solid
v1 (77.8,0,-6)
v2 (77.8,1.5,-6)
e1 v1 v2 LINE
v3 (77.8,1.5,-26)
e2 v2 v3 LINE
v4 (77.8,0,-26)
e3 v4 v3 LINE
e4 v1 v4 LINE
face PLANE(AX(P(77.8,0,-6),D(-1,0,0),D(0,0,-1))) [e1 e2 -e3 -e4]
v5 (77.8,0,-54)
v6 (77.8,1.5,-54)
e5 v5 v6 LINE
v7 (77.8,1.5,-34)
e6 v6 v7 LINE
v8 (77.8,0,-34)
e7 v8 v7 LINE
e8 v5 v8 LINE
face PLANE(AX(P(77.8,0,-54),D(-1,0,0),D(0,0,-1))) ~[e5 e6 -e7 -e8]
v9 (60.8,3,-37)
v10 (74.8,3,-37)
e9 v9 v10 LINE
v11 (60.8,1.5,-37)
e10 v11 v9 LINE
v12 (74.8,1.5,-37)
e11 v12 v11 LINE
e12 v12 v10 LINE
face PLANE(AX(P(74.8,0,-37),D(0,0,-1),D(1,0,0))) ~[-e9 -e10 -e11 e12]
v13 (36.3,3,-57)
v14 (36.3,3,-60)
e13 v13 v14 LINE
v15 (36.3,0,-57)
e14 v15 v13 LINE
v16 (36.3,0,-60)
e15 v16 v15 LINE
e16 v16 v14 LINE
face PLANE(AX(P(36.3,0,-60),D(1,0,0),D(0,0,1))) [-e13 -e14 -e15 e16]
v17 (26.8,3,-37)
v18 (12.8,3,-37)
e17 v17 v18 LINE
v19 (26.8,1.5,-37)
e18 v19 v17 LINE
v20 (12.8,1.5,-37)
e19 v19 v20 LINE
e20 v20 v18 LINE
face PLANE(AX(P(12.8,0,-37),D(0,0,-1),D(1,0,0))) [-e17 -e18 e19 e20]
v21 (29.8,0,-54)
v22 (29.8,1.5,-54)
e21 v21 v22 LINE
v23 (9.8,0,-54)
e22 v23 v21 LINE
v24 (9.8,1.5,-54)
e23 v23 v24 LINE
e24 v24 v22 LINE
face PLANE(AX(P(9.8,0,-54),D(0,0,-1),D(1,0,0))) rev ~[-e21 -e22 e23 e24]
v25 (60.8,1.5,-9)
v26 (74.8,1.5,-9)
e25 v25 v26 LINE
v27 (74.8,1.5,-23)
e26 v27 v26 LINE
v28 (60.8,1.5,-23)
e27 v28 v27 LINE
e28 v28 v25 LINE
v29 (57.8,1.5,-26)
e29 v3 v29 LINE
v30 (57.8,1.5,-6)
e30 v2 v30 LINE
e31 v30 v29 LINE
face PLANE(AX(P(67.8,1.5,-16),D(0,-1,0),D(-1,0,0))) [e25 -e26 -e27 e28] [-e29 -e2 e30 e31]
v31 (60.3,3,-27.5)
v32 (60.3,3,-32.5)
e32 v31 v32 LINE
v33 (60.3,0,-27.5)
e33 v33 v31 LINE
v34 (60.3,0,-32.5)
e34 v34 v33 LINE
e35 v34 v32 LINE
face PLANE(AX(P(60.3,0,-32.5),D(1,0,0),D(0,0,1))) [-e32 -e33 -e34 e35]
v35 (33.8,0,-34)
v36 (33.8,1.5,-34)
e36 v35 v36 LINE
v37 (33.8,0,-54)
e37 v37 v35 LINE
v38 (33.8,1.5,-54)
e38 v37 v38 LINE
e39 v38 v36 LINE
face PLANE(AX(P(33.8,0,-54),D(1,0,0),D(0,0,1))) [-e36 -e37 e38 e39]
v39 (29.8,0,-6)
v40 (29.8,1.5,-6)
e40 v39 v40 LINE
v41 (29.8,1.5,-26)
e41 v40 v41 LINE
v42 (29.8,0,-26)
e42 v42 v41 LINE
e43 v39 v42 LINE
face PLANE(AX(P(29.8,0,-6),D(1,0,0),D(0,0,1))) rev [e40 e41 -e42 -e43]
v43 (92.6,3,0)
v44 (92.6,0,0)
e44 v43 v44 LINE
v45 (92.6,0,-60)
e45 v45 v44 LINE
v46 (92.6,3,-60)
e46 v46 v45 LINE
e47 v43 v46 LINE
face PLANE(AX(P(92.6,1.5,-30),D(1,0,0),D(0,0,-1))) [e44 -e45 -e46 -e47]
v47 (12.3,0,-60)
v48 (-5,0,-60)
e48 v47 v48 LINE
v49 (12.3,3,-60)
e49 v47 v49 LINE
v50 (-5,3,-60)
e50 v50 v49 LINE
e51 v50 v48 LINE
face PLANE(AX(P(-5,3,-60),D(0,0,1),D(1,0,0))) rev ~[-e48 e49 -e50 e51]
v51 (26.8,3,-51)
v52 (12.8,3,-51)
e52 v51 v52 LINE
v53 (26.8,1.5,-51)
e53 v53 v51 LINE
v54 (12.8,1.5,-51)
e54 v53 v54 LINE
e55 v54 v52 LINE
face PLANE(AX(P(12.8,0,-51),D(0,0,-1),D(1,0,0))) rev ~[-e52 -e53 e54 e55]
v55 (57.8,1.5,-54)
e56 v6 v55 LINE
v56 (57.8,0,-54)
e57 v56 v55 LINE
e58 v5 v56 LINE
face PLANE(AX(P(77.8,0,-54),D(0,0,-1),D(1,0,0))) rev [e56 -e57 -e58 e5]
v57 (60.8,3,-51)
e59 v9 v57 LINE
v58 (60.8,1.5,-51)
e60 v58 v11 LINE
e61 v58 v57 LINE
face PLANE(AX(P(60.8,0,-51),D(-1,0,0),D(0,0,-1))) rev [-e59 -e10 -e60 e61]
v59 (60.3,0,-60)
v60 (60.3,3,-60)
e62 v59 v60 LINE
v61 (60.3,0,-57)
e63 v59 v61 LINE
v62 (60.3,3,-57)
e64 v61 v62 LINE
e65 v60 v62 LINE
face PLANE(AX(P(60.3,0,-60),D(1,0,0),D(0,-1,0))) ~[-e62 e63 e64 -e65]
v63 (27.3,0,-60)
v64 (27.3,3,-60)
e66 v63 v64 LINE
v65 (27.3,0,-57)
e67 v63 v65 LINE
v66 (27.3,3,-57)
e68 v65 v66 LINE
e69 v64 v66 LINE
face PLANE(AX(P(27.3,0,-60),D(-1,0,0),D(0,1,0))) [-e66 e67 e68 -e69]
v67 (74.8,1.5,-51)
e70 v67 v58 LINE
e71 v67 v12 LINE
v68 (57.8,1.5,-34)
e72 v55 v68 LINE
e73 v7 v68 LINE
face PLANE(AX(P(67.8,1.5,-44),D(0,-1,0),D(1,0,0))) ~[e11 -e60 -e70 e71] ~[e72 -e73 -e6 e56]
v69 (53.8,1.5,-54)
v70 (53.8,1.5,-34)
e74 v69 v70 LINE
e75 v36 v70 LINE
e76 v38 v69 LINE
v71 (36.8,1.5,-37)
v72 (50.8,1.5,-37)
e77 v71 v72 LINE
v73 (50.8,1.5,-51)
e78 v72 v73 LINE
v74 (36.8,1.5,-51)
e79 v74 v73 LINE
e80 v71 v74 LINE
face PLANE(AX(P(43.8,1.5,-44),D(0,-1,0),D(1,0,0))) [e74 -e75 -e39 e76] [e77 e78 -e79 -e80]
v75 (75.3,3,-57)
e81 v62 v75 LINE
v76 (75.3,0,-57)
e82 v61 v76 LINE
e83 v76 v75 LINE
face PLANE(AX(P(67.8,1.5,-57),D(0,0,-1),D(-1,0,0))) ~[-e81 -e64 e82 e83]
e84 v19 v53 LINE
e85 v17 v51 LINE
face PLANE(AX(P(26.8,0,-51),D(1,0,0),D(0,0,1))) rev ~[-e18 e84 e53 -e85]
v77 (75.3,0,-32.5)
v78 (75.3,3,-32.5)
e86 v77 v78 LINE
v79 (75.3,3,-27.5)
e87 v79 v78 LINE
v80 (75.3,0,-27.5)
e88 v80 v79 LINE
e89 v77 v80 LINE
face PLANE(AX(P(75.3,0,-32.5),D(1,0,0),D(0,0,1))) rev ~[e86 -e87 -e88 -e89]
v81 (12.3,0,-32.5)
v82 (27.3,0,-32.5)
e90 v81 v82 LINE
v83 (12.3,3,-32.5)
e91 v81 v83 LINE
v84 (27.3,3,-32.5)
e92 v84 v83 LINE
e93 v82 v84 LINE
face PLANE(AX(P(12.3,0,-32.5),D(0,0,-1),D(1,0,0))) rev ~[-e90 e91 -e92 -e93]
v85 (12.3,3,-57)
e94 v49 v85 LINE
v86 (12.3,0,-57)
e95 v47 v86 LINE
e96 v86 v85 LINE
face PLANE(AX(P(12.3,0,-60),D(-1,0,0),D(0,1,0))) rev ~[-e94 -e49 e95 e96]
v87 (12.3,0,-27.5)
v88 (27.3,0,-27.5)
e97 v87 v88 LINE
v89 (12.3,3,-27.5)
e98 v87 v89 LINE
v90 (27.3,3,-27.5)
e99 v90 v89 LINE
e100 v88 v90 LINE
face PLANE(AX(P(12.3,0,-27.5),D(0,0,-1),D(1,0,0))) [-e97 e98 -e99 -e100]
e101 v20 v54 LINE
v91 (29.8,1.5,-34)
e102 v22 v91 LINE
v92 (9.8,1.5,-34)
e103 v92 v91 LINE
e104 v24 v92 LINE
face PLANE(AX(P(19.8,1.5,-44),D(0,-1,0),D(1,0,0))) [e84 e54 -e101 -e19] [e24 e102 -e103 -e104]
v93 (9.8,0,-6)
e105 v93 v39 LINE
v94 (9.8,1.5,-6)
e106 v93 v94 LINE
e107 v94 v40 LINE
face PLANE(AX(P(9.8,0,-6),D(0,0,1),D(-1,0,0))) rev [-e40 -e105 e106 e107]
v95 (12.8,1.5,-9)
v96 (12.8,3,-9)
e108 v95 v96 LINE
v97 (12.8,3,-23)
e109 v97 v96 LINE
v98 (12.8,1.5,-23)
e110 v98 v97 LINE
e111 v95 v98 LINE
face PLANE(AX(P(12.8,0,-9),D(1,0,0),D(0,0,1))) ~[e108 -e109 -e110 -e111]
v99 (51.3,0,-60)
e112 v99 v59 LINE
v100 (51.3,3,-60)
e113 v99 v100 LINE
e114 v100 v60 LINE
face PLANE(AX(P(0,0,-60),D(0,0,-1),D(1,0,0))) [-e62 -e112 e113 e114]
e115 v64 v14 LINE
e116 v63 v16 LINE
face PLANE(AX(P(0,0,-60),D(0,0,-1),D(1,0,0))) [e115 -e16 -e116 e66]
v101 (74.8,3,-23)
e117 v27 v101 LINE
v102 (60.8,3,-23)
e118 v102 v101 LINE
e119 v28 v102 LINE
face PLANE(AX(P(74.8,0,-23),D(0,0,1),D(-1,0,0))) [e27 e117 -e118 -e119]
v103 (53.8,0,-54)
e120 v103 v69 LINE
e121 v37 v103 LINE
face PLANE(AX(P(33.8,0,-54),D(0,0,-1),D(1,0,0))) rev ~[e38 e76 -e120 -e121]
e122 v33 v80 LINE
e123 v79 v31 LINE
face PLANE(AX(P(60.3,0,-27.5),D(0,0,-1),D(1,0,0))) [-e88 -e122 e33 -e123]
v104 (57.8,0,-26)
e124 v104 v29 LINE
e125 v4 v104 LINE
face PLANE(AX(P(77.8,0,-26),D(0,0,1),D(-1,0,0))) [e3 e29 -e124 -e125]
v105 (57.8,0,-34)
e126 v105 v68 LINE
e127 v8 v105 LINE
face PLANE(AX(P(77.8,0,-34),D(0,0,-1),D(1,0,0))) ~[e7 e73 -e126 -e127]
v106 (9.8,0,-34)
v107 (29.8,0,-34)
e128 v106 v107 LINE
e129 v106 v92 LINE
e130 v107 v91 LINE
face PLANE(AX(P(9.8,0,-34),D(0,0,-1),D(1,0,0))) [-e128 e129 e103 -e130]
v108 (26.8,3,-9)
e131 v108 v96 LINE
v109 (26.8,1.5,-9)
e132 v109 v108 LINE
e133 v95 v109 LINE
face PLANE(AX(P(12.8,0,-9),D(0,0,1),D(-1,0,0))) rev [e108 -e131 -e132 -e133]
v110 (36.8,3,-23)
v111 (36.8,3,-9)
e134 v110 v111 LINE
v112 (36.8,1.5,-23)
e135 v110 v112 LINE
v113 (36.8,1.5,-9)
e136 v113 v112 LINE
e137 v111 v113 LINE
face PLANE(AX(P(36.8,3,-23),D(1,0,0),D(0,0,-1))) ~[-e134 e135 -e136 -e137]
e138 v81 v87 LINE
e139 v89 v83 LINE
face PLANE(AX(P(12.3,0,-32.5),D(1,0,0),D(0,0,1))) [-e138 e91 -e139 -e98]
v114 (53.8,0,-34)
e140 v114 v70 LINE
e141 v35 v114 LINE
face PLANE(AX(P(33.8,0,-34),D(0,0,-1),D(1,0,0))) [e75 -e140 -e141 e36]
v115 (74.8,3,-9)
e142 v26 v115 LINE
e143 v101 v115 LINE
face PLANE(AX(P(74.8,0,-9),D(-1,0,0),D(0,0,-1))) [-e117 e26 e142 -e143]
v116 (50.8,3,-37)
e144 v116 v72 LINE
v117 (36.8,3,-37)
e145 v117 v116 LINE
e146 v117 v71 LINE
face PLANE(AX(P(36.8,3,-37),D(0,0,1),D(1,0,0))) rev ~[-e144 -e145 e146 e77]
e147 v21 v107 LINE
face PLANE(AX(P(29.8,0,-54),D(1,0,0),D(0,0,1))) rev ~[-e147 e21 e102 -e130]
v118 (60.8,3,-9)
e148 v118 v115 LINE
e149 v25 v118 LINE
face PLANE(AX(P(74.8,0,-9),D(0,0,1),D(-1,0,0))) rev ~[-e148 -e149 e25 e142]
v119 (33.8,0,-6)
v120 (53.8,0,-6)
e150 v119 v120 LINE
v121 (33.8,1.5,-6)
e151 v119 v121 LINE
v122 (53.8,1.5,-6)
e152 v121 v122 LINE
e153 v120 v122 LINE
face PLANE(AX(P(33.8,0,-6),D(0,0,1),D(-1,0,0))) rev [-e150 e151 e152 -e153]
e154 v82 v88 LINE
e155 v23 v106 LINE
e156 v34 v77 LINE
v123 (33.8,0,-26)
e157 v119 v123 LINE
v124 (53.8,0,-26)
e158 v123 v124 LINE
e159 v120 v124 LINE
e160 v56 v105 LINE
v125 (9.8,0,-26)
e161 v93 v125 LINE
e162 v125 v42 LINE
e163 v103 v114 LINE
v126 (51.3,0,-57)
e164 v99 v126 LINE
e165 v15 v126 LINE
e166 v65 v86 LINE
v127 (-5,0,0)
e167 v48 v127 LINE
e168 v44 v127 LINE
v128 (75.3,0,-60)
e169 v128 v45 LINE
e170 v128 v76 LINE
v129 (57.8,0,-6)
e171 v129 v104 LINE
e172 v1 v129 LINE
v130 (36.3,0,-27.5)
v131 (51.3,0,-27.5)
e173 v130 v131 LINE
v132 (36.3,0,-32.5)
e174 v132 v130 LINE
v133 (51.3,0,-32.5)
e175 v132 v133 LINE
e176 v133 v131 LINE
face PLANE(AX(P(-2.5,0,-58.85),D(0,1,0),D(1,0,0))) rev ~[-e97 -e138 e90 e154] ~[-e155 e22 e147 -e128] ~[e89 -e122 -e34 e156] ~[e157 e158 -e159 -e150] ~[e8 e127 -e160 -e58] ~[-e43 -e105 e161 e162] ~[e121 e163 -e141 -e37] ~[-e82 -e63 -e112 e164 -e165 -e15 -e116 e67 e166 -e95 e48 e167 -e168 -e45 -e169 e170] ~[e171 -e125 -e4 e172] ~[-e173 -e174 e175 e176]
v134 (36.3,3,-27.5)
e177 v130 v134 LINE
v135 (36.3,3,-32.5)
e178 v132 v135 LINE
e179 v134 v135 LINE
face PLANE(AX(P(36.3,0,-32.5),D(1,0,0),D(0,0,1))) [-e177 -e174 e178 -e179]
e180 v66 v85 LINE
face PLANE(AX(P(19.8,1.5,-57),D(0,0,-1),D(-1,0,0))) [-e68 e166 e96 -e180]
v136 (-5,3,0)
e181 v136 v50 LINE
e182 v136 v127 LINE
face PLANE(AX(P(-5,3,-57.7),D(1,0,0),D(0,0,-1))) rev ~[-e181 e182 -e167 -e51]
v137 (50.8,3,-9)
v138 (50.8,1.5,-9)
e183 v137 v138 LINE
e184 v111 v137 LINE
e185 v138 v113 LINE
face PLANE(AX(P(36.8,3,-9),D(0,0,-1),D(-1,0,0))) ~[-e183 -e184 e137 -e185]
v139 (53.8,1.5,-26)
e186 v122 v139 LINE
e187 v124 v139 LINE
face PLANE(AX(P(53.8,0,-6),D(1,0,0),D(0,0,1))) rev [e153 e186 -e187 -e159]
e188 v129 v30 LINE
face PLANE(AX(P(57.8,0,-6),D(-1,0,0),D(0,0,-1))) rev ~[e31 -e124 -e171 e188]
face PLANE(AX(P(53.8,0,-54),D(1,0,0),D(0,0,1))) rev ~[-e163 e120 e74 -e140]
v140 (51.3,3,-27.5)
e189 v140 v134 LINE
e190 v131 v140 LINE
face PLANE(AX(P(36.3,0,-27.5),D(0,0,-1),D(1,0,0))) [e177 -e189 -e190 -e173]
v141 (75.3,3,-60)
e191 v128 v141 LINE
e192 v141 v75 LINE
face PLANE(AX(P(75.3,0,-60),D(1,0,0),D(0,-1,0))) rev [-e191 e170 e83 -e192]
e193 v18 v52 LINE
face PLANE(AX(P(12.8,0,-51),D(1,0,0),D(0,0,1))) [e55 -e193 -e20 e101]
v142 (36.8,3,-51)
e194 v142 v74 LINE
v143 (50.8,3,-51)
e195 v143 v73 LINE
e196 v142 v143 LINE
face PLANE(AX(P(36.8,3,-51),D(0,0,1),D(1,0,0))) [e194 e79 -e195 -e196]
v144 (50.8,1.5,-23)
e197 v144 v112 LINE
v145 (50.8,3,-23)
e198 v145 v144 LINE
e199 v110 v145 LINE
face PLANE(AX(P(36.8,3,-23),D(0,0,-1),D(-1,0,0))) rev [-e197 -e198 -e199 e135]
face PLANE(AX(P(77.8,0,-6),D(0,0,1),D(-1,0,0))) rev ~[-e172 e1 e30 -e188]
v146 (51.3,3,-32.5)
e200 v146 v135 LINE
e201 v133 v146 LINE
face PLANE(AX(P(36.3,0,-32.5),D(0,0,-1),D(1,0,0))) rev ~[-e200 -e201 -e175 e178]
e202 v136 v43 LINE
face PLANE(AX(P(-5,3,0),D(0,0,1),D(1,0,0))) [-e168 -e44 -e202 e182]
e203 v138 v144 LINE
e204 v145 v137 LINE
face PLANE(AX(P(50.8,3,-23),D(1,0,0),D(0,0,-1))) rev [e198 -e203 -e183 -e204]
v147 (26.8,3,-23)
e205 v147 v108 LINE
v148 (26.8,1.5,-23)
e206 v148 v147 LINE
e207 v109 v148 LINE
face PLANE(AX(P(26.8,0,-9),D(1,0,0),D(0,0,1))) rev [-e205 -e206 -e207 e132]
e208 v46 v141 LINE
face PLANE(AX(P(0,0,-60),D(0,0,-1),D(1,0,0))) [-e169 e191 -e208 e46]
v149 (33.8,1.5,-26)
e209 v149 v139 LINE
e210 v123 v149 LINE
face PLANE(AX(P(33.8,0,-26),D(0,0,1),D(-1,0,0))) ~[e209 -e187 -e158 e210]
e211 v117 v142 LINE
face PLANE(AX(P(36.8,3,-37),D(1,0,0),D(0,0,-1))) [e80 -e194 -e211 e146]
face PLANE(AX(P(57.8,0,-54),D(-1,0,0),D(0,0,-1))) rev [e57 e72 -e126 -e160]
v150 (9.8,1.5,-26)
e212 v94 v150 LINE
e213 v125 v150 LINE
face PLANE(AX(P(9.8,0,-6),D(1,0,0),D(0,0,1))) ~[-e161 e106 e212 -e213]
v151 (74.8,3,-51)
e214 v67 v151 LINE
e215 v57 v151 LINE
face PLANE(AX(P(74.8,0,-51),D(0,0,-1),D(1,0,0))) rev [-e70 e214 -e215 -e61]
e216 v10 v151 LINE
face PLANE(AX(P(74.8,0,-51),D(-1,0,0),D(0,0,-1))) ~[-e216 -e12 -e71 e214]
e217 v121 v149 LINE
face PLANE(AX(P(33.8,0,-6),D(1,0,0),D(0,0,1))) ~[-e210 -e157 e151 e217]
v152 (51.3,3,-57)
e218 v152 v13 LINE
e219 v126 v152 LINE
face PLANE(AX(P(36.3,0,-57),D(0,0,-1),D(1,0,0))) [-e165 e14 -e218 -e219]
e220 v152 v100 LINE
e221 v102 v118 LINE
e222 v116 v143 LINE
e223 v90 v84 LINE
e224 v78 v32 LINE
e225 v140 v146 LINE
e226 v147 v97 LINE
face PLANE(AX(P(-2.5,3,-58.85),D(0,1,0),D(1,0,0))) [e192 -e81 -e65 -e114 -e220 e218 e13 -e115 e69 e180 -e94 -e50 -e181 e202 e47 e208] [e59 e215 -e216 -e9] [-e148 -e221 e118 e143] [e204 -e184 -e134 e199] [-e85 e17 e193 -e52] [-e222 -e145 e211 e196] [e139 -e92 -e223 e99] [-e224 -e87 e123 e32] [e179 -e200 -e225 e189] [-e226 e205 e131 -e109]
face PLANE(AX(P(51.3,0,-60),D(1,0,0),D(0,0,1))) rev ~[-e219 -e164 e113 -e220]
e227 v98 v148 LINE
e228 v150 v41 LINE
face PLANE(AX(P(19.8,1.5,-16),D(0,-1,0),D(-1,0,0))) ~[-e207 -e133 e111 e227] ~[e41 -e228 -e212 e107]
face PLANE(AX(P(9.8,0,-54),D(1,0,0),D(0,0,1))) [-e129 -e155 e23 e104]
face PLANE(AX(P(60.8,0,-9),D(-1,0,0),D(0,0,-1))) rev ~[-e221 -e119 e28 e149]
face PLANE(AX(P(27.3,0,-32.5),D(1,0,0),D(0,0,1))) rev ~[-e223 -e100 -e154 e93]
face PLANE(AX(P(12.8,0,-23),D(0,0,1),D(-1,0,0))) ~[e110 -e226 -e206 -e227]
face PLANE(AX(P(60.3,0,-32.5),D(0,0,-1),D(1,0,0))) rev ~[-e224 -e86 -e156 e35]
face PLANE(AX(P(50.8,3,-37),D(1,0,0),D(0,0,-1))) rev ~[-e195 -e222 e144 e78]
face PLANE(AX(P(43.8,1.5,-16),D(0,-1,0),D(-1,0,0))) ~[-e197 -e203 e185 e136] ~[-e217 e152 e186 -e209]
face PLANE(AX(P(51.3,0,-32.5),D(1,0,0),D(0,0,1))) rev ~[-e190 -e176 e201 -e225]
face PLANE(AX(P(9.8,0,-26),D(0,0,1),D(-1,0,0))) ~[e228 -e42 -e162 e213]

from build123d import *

# Parameters (mm, degrees)
SKETCH1_W               = 87.6
SKETCH1_H               = 60
BOSS_EXTRUDE1_DEPTH     = 3
SKETCH2_W               = 55.4
SKETCH2_H               = 3
BOSS_EXTRUDE2_DEPTH     = 5
SKETCH3_W               = 14
SKETCH3_H               = 14
CUT_EXTRUDE4_DEPTH      = 111.380070665
SKETCH7_W               = 20
SKETCH7_H               = 20
CUT_EXTRUDE5_DEPTH      = 1.5
SKETCH9_W               = 15
SKETCH9_H               = 3
CUT_EXTRUDE6_DEPTH      = 3
SKETCH10_W              = 14
SKETCH10_H              = 14
CUT_EXTRUDE7_DEPTH      = 10
SKETCH11_W              = 20
SKETCH11_H              = 20
CUT_EXTRUDE8_DEPTH      = 1.5
SKETCH12_W              = 15
SKETCH12_H              = 3
CUT_EXTRUDE9_DEPTH      = 40
MIRROR8_COPY_1_SKETCH_W = 14
MIRROR8_COPY_1_SKETCH_H = 14
MIRROR8_COPY_1_DEPTH    = 111.380070665
MIRROR8_COPY_2_SKETCH_W = 20
MIRROR8_COPY_2_SKETCH_H = 20
MIRROR8_COPY_2_DEPTH    = 1.5
SKETCH13_W              = 5
SKETCH13_H              = 2.3
BOSS_EXTRUDE3_DEPTH     = 3
SKETCH15_W              = 15
SKETCH15_H              = 5
CUT_EXTRUDE11_DEPTH     = 111.380070665


with BuildPart() as part:
    # Sketch1 → Boss-Extrude1 (new body)
    with BuildSketch(Plane(origin=(0, 0, 0), x_dir=(1, 0, 0), z_dir=(0, 1, 0))):
        with Locations((43.8, 30)):
            Rectangle(SKETCH1_W, SKETCH1_H)
    extrude(amount=BOSS_EXTRUDE1_DEPTH)

    # Sketch2 → Boss-Extrude2 (add)
    with BuildSketch(Plane(origin=(87.6, 0, 0), x_dir=(0, 0, -1), z_dir=(1, 0, 0))):
        with Locations((30, 1.5)):
            Rectangle(SKETCH2_W, SKETCH2_H)
    boss_extrude2 = extrude(amount=BOSS_EXTRUDE2_DEPTH)

    # Mirror2: Boss-Extrude2 across plane
    add(boss_extrude2.mirror(Plane(origin=(43.8, 0, 0), x_dir=(0, 0, 1), z_dir=(1, 0, 0))))

    # Sketch3 → Cut-Extrude4 (cut, through all)
    with BuildSketch(Plane.XZ):
        with Locations((19.8, -44)):
            Rectangle(SKETCH3_W, SKETCH3_H)
    cut_extrude4 = extrude(amount=-CUT_EXTRUDE4_DEPTH, mode=Mode.SUBTRACT)

    # Sketch7 → Cut-Extrude5 (cut)
    with BuildSketch(Plane.XZ):
        with Locations((19.8, -44)):
            Rectangle(SKETCH7_W, SKETCH7_H)
    cut_extrude5 = extrude(amount=-CUT_EXTRUDE5_DEPTH, mode=Mode.SUBTRACT)

    # Mirror4: Cut-Extrude4, Cut-Extrude5 across plane
    add(cut_extrude4.mirror(Plane(origin=(43.8, 0, 0), x_dir=(0, 0, 1), z_dir=(1, 0, 0))), mode=Mode.SUBTRACT)
    add(cut_extrude5.mirror(Plane(origin=(43.8, 0, 0), x_dir=(0, 0, 1), z_dir=(1, 0, 0))), mode=Mode.SUBTRACT)

    # Sketch9 → Cut-Extrude6 (cut)
    with BuildSketch(Plane(origin=(0, 0, -60), x_dir=(-1, 0, 0), z_dir=(0, 0, -1))):
        with Locations((-19.8, 1.5)):
            Rectangle(SKETCH9_W, SKETCH9_H)
    cut_extrude6 = extrude(amount=-CUT_EXTRUDE6_DEPTH, mode=Mode.SUBTRACT)

    # Mirror6: Cut-Extrude6 across plane
    add(cut_extrude6.mirror(Plane(origin=(43.8, 0, 0), x_dir=(0, 0, 1), z_dir=(1, 0, 0))), mode=Mode.SUBTRACT)

    # Sketch10 → Cut-Extrude7 (cut)
    with BuildSketch(Plane(origin=(0, 3, 0), x_dir=(1, 0, 0), z_dir=(0, 1, 0))):
        with Locations((43.8, 44)):
            Rectangle(SKETCH10_W, SKETCH10_H)
    cut_extrude7 = extrude(amount=-CUT_EXTRUDE7_DEPTH, mode=Mode.SUBTRACT)

    # Sketch11 → Cut-Extrude8 (cut)
    with BuildSketch(Plane.XZ):
        with Locations((43.8, -44)):
            Rectangle(SKETCH11_W, SKETCH11_H)
    cut_extrude8 = extrude(amount=-CUT_EXTRUDE8_DEPTH, mode=Mode.SUBTRACT)

    # Sketch12 → Cut-Extrude9 (cut)
    with BuildSketch(Plane.XZ):
        with Locations((43.8, -58.5)):
            Rectangle(SKETCH12_W, SKETCH12_H)
    extrude(amount=-CUT_EXTRUDE9_DEPTH, mode=Mode.SUBTRACT)

    # Mirror8: Cut-Extrude4, Cut-Extrude5, Cut-Extrude7, Cut-Extrude8 across plane
    add(cut_extrude4.mirror(Plane.XY.offset(-30)), mode=Mode.SUBTRACT)
    add(cut_extrude5.mirror(Plane.XY.offset(-30)), mode=Mode.SUBTRACT)
    add(cut_extrude7.mirror(Plane.XY.offset(-30)), mode=Mode.SUBTRACT)
    add(cut_extrude8.mirror(Plane.XY.offset(-30)), mode=Mode.SUBTRACT)

    # Mirror8 copy 1 sketch → Mirror8 copy 1 (cut, through all)
    with BuildSketch(Plane(origin=(87.6, 0, -60), x_dir=(-1, 0, 0), z_dir=(0, -1, 0))):
        with Locations((19.8, -44)):
            Rectangle(MIRROR8_COPY_1_SKETCH_W, MIRROR8_COPY_1_SKETCH_H)
    extrude(amount=-MIRROR8_COPY_1_DEPTH, mode=Mode.SUBTRACT)

    # Mirror8 copy 2 sketch → Mirror8 copy 2 (cut)
    with BuildSketch(Plane(origin=(87.6, 0, -60), x_dir=(-1, 0, 0), z_dir=(0, -1, 0))):
        with Locations((19.8, -44)):
            Rectangle(MIRROR8_COPY_2_SKETCH_W, MIRROR8_COPY_2_SKETCH_H)
    extrude(amount=-MIRROR8_COPY_2_DEPTH, mode=Mode.SUBTRACT)

    # Sketch13 → Boss-Extrude3 (add)
    with BuildSketch(Plane(origin=(0, 3, 0), x_dir=(1, 0, 0), z_dir=(0, 1, 0))):
        with Locations((-2.5, 58.85)):
            Rectangle(SKETCH13_W, SKETCH13_H)
        with Locations((-2.5, 1.15)):
            Rectangle(SKETCH13_W, SKETCH13_H)
        with Locations((90.1, 1.15)):
            Rectangle(SKETCH13_W, SKETCH13_H)
        with Locations((90.1, 58.85)):
            Rectangle(SKETCH13_W, SKETCH13_H)
    extrude(amount=-BOSS_EXTRUDE3_DEPTH)

    # Sketch15 → Cut-Extrude11 (cut, through all)
    with BuildSketch(Plane.XZ):
        with Locations((19.8, -30)):
            Rectangle(SKETCH15_W, SKETCH15_H)
        with Locations((43.8, -30)):
            Rectangle(SKETCH15_W, SKETCH15_H)
        with Locations((67.8, -30)):
            Rectangle(SKETCH15_W, SKETCH15_H)
    extrude(amount=-CUT_EXTRUDE11_DEPTH, mode=Mode.SUBTRACT)


solid = part.part
